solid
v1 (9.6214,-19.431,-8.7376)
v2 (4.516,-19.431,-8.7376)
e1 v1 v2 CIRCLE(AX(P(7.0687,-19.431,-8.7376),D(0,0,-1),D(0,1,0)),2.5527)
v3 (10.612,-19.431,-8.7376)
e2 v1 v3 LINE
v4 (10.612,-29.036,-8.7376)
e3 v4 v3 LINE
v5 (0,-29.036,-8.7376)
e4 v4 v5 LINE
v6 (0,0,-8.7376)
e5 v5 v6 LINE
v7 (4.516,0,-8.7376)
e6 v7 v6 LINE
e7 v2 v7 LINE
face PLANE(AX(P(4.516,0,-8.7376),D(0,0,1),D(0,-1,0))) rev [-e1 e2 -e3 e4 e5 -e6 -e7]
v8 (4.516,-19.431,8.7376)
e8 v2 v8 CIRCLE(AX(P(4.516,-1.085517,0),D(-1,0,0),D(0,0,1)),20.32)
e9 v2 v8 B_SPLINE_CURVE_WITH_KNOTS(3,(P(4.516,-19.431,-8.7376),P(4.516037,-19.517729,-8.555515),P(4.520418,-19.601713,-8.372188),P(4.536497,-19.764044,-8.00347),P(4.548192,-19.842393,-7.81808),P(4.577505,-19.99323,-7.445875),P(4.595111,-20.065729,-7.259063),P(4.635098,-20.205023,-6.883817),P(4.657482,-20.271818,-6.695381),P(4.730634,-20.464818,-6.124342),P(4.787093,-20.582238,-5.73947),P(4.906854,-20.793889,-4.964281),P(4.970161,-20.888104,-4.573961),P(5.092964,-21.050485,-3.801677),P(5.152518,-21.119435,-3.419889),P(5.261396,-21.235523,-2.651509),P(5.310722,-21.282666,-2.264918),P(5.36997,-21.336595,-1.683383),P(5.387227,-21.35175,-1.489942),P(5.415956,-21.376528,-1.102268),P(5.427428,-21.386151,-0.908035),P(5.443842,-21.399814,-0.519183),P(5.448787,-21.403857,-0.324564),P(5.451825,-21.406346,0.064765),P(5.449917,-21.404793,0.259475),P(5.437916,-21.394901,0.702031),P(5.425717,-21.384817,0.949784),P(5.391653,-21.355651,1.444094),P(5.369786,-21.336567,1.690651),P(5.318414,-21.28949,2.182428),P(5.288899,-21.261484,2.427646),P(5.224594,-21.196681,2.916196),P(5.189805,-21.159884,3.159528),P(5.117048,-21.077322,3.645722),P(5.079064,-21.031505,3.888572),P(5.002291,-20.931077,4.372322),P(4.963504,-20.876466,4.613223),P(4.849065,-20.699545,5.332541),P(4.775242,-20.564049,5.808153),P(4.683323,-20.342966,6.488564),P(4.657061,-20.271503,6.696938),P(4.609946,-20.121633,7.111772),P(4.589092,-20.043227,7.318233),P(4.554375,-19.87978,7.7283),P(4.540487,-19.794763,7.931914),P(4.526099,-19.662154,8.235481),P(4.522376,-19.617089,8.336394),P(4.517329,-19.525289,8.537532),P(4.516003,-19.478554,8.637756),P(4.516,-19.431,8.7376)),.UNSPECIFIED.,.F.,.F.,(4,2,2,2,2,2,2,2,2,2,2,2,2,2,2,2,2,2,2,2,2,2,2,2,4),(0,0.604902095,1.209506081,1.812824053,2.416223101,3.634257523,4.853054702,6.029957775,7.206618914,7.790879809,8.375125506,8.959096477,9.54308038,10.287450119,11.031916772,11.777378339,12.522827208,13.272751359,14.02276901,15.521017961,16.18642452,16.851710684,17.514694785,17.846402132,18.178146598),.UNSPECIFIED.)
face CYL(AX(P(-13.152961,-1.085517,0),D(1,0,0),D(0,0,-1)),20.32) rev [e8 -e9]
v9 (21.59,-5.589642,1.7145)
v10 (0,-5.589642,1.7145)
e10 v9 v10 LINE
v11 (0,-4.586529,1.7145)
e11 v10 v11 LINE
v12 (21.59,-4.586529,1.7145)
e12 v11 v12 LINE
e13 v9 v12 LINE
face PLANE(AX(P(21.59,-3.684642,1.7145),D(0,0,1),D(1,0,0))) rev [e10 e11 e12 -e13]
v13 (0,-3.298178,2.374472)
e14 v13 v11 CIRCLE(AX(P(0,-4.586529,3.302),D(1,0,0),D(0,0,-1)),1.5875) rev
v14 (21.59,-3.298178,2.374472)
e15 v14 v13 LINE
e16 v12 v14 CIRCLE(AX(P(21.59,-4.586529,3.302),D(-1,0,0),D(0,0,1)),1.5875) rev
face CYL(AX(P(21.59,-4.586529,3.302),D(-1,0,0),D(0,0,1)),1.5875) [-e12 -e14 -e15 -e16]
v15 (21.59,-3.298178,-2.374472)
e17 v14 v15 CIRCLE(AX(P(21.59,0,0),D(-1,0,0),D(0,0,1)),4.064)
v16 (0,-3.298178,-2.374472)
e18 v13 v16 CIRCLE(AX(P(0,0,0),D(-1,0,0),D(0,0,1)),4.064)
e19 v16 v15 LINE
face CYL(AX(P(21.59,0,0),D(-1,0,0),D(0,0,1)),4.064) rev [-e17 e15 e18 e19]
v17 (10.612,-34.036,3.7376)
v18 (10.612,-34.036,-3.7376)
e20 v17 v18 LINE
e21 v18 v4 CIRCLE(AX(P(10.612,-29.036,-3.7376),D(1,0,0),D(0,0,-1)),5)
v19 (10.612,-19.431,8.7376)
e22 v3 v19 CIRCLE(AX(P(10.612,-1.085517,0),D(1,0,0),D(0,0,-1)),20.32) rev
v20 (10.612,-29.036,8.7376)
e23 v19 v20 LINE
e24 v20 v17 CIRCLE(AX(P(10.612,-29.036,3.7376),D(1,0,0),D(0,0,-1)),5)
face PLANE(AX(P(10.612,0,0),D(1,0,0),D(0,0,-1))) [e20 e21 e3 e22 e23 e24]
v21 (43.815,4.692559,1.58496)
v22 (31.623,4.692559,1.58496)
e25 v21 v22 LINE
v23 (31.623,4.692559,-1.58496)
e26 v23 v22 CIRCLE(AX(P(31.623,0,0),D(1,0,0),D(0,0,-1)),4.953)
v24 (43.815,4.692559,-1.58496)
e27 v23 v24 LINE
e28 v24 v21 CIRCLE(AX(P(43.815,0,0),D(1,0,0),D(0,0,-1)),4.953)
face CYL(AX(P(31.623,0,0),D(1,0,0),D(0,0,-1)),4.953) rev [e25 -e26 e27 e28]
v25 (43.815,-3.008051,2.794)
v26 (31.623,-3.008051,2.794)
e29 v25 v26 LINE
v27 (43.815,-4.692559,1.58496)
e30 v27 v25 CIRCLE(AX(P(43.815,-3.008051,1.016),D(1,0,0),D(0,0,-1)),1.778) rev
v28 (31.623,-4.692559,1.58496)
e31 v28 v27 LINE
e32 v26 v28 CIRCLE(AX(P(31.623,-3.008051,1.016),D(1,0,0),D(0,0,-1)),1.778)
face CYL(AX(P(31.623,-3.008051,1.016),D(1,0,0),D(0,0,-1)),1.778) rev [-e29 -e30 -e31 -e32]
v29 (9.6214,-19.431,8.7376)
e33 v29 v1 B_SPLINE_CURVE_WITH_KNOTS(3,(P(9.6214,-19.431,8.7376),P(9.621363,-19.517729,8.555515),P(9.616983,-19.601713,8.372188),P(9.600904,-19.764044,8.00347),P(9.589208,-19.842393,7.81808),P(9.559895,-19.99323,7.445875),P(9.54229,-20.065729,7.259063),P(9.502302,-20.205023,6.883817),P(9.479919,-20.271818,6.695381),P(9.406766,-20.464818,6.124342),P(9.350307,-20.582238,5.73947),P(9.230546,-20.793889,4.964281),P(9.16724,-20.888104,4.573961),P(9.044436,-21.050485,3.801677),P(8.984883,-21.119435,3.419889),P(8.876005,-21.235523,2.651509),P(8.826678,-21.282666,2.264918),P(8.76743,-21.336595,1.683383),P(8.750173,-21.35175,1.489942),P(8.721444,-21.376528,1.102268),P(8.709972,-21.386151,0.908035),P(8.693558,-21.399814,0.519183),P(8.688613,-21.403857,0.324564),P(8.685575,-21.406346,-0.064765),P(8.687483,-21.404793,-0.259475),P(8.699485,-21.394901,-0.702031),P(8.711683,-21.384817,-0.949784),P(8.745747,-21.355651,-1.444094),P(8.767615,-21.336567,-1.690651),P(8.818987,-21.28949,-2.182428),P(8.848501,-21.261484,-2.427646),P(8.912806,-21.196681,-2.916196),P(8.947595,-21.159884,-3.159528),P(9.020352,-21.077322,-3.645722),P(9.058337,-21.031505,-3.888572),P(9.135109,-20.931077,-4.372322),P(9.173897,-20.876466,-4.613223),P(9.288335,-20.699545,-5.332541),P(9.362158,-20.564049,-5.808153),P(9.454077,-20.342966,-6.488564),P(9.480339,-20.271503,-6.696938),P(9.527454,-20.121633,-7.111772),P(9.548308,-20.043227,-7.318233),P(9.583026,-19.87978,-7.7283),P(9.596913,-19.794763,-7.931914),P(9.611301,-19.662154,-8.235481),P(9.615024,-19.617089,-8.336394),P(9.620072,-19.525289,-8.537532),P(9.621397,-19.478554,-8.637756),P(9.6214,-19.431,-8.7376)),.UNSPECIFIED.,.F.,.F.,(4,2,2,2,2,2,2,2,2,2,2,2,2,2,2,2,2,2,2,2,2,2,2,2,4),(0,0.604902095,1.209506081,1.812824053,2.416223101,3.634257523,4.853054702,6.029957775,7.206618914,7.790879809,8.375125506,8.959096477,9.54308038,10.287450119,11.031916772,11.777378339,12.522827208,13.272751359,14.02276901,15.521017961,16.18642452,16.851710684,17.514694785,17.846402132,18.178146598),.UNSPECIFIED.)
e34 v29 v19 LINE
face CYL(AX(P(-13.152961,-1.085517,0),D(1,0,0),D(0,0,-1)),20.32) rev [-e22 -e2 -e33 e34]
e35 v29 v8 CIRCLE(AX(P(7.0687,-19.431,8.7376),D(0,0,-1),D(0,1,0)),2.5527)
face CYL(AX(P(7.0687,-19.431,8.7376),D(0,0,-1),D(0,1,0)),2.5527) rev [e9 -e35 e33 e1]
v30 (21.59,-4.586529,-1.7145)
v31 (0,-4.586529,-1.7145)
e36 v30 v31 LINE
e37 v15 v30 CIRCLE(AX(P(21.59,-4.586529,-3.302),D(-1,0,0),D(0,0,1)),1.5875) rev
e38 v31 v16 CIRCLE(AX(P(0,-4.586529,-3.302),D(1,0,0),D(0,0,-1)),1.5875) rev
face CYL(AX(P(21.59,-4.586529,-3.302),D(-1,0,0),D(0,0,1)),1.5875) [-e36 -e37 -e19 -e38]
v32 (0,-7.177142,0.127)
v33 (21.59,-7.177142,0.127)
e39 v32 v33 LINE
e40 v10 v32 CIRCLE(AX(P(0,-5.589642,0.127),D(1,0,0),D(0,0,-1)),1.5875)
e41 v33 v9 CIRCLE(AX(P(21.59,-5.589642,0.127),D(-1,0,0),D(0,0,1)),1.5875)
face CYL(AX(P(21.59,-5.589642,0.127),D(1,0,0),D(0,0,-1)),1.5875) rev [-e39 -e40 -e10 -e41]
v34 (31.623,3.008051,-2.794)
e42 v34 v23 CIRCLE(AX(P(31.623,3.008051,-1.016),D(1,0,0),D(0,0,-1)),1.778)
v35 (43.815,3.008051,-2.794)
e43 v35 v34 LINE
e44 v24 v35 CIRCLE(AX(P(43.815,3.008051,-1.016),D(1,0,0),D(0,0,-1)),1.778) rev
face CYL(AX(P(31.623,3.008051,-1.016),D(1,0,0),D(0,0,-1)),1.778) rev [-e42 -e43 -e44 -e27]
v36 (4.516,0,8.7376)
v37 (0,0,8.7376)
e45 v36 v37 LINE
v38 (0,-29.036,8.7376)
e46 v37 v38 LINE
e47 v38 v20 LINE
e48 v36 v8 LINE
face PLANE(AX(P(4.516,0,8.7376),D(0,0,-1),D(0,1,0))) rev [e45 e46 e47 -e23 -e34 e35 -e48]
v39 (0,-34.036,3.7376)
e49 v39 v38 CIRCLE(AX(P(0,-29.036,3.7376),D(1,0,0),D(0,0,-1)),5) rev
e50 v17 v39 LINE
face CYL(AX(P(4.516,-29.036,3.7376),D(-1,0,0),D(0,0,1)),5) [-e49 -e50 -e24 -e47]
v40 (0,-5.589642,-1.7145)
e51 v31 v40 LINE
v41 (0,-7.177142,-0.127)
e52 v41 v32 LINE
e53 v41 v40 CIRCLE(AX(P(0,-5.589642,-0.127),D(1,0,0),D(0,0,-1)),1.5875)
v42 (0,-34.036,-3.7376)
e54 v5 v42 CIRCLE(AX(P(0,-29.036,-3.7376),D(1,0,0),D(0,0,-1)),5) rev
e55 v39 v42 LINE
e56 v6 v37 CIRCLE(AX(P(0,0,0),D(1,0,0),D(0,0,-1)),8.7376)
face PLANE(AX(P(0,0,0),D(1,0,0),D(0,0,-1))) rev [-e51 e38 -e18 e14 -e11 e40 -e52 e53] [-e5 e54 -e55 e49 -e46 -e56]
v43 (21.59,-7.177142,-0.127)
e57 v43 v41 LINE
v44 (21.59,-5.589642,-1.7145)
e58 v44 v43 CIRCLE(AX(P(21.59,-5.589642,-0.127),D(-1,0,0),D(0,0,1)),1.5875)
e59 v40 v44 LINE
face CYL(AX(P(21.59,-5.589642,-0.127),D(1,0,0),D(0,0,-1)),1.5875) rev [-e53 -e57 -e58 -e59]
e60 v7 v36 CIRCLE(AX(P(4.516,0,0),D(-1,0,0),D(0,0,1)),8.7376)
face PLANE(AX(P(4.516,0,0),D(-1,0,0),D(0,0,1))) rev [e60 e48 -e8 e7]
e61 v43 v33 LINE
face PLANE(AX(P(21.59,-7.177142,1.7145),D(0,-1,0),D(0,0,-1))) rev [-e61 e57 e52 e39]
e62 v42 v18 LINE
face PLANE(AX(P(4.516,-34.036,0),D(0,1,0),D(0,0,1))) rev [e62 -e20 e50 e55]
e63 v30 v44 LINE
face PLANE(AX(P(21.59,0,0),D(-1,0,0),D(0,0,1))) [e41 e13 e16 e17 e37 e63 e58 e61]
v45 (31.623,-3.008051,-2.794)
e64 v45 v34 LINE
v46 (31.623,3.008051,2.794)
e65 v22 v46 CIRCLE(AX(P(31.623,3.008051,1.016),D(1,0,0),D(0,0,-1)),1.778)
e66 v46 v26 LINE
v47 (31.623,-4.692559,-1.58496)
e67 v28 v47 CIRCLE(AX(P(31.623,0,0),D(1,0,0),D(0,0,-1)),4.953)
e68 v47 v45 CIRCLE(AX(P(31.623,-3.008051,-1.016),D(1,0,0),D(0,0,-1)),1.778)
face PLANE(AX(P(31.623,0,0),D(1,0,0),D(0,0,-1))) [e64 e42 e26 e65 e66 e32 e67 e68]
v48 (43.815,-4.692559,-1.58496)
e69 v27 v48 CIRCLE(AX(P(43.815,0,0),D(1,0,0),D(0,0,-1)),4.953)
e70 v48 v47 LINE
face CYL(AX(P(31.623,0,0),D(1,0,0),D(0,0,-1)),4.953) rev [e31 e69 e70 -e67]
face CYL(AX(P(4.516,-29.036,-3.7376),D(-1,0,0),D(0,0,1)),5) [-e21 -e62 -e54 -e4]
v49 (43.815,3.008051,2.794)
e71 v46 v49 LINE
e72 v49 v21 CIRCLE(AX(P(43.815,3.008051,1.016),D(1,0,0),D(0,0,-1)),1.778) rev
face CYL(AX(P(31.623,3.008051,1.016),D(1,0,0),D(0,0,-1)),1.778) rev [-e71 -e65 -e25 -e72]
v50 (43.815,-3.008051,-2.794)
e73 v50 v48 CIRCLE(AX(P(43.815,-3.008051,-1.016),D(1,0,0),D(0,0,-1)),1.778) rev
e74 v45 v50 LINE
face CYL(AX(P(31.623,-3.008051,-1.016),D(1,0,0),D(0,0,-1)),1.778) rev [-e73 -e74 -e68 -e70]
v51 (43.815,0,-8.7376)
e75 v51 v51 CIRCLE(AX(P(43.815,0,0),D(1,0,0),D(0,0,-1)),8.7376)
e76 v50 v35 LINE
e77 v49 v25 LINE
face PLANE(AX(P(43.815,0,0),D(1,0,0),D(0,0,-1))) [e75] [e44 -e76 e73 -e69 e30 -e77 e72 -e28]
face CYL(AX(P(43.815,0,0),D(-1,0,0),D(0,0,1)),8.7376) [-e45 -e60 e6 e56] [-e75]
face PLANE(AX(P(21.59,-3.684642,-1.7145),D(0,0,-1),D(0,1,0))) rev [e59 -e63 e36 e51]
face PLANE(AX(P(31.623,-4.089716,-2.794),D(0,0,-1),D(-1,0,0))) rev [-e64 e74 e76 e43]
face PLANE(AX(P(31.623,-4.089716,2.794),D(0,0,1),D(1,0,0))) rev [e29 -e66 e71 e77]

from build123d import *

# Parameters (mm, degrees)
SKETCH1_R           = 8.7376
BOSS_EXTRUDE1_DEPTH = 43.815
BOSS_EXTRUDE3_DEPTH = 4.516000112
FILLET2_R           = 5
BOSS_EXTRUDE4_START = 6.096
BOSS_EXTRUDE4_DEPTH = 6.096
CUT_EXTRUDE8_DEPTH  = 6.096
CUT_EXTRUDE10_DEPTH = 12.192
FILLET11_R          = 1.778
SKETCH25_R          = 2.5527
CUT_EXTRUDE14_DEPTH = 59.168600946
CUT_EXTRUDE15_DEPTH = 21.59
FILLET12_R          = 1.5875


with BuildPart() as part:
    # Sketch1 → Boss-Extrude1 (new body)
    with BuildSketch(Plane.YZ):
        with Locations(Location((0, 0, 0), (0, 0, 270))):
            Circle(SKETCH1_R)
    extrude(amount=BOSS_EXTRUDE1_DEPTH)

    # Sketch10 → Boss-Extrude3 (add)
    with BuildSketch(Plane(origin=(0, 0, 0), x_dir=(0, -1, 0), z_dir=(-1, 0, 0))):
        with BuildLine():
            Line((0, 8.7376), (34.036, 8.7376))
            Line((34.036, 8.7376), (34.036, -8.7376))
            Line((34.036, -8.7376), (0, -8.7376))
            ThreePointArc((0, -8.7376), (8.7376, 0), (0, 8.7376))
        make_face()
    extrude(amount=-BOSS_EXTRUDE3_DEPTH)

    # Fillet2
    fillet2_edges = [part.edges().sort_by_distance(p)[0] for p in [
        (2.258000056, -34.036, 8.7376),
        (2.258000056, -34.036, -8.7376),
    ]]
    fillet(fillet2_edges, radius=FILLET2_R)

    # Sketch15 → Boss-Extrude4 (add)
    with BuildSketch(Plane.YZ.offset(4.516000112).offset(BOSS_EXTRUDE4_START)):
        with BuildLine():
            Line((-18.796, 8.7376), (-29.036, 8.7376))
            ThreePointArc((-29.036, 8.7376), (-32.571533906, 7.273133906), (-34.036, 3.7376))
            Line((-34.036, 3.7376), (-34.036, -3.7376))
            ThreePointArc((-34.036, -3.7376), (-32.571533906, -7.273133906), (-29.036, -8.7376))
            Line((-29.036, -8.7376), (-18.796, -8.7376))
            Line((-18.796, -8.7376), (-18.796, 8.7376))
        make_face()
    extrude(amount=-BOSS_EXTRUDE4_DEPTH)

    # Sketch21 → Cut-Extrude8 (cut)
    with BuildSketch(Plane.YZ.offset(10.612000112)):
        with BuildLine():
            Line((-19.431, -8.7376), (-18.796, -8.7376))
            Line((-18.796, -8.7376), (-18.796, 8.7376))
            Line((-18.796, 8.7376), (-19.431, 8.7376))
            ThreePointArc((-19.431, 8.7376), (-21.405517007, 0), (-19.431, -8.7376))
        make_face()
    extrude(amount=-CUT_EXTRUDE8_DEPTH, mode=Mode.SUBTRACT)

    # Sketch22 → Cut-Extrude10 (cut)
    with BuildSketch(Plane.YZ.offset(43.815)):
        with BuildLine():
            Line((-4.089715516, -2.794), (4.089715516, -2.794))
            ThreePointArc((4.089715516, -2.794), (4.953, 0), (4.089715516, 2.794))
            Line((4.089715516, 2.794), (-4.089715516, 2.794))
            ThreePointArc((-4.089715516, 2.794), (-4.953, 0), (-4.089715516, -2.794))
        make_face()
    extrude(amount=-CUT_EXTRUDE10_DEPTH, mode=Mode.SUBTRACT)

    # Fillet11
    fillet11_edges = [part.edges().sort_by_distance(p)[0] for p in [
        (37.719, 4.089715516, 2.794),
        (37.719, 4.089715516, -2.794),
        (37.719, -4.089715516, -2.794),
        (37.719, -4.089715516, 2.794),
    ]]
    fillet(fillet11_edges, radius=FILLET11_R)

    # Sketch25 → Cut-Extrude14 (cut, through all)
    with BuildSketch(Plane(origin=(0, 0, -8.7376), x_dir=(1, 0, 0), z_dir=(0, 0, -1))):
        with Locations((7.068700112, 19.431)):
            Circle(SKETCH25_R)
    extrude(amount=-CUT_EXTRUDE14_DEPTH, mode=Mode.SUBTRACT)

    # Sketch26 → Cut-Extrude15 (cut)
    with BuildSketch(Plane(origin=(0, 0, 0), x_dir=(0, -1, 0), z_dir=(-1, 0, 0))):
        with BuildLine():
            Line((3.684641875, 1.7145), (7.177141875, 1.7145))
            Line((7.177141875, 1.7145), (7.177141875, -1.7145))
            Line((7.177141875, -1.7145), (3.684641875, -1.7145))
            ThreePointArc((3.684641875, -1.7145), (-4.064, 0), (3.684641875, 1.7145))
        make_face()
    extrude(amount=-CUT_EXTRUDE15_DEPTH, mode=Mode.SUBTRACT)

    # Fillet12
    fillet12_edges = [part.edges().sort_by_distance(p)[0] for p in [
        (10.795, -3.684641875, -1.7145),
        (10.795, -3.684641875, 1.7145),
        (10.795, -7.177141875, 1.7145),
        (10.795, -7.177141875, -1.7145),
    ]]
    fillet(fillet12_edges, radius=FILLET12_R)


solid = part.part
